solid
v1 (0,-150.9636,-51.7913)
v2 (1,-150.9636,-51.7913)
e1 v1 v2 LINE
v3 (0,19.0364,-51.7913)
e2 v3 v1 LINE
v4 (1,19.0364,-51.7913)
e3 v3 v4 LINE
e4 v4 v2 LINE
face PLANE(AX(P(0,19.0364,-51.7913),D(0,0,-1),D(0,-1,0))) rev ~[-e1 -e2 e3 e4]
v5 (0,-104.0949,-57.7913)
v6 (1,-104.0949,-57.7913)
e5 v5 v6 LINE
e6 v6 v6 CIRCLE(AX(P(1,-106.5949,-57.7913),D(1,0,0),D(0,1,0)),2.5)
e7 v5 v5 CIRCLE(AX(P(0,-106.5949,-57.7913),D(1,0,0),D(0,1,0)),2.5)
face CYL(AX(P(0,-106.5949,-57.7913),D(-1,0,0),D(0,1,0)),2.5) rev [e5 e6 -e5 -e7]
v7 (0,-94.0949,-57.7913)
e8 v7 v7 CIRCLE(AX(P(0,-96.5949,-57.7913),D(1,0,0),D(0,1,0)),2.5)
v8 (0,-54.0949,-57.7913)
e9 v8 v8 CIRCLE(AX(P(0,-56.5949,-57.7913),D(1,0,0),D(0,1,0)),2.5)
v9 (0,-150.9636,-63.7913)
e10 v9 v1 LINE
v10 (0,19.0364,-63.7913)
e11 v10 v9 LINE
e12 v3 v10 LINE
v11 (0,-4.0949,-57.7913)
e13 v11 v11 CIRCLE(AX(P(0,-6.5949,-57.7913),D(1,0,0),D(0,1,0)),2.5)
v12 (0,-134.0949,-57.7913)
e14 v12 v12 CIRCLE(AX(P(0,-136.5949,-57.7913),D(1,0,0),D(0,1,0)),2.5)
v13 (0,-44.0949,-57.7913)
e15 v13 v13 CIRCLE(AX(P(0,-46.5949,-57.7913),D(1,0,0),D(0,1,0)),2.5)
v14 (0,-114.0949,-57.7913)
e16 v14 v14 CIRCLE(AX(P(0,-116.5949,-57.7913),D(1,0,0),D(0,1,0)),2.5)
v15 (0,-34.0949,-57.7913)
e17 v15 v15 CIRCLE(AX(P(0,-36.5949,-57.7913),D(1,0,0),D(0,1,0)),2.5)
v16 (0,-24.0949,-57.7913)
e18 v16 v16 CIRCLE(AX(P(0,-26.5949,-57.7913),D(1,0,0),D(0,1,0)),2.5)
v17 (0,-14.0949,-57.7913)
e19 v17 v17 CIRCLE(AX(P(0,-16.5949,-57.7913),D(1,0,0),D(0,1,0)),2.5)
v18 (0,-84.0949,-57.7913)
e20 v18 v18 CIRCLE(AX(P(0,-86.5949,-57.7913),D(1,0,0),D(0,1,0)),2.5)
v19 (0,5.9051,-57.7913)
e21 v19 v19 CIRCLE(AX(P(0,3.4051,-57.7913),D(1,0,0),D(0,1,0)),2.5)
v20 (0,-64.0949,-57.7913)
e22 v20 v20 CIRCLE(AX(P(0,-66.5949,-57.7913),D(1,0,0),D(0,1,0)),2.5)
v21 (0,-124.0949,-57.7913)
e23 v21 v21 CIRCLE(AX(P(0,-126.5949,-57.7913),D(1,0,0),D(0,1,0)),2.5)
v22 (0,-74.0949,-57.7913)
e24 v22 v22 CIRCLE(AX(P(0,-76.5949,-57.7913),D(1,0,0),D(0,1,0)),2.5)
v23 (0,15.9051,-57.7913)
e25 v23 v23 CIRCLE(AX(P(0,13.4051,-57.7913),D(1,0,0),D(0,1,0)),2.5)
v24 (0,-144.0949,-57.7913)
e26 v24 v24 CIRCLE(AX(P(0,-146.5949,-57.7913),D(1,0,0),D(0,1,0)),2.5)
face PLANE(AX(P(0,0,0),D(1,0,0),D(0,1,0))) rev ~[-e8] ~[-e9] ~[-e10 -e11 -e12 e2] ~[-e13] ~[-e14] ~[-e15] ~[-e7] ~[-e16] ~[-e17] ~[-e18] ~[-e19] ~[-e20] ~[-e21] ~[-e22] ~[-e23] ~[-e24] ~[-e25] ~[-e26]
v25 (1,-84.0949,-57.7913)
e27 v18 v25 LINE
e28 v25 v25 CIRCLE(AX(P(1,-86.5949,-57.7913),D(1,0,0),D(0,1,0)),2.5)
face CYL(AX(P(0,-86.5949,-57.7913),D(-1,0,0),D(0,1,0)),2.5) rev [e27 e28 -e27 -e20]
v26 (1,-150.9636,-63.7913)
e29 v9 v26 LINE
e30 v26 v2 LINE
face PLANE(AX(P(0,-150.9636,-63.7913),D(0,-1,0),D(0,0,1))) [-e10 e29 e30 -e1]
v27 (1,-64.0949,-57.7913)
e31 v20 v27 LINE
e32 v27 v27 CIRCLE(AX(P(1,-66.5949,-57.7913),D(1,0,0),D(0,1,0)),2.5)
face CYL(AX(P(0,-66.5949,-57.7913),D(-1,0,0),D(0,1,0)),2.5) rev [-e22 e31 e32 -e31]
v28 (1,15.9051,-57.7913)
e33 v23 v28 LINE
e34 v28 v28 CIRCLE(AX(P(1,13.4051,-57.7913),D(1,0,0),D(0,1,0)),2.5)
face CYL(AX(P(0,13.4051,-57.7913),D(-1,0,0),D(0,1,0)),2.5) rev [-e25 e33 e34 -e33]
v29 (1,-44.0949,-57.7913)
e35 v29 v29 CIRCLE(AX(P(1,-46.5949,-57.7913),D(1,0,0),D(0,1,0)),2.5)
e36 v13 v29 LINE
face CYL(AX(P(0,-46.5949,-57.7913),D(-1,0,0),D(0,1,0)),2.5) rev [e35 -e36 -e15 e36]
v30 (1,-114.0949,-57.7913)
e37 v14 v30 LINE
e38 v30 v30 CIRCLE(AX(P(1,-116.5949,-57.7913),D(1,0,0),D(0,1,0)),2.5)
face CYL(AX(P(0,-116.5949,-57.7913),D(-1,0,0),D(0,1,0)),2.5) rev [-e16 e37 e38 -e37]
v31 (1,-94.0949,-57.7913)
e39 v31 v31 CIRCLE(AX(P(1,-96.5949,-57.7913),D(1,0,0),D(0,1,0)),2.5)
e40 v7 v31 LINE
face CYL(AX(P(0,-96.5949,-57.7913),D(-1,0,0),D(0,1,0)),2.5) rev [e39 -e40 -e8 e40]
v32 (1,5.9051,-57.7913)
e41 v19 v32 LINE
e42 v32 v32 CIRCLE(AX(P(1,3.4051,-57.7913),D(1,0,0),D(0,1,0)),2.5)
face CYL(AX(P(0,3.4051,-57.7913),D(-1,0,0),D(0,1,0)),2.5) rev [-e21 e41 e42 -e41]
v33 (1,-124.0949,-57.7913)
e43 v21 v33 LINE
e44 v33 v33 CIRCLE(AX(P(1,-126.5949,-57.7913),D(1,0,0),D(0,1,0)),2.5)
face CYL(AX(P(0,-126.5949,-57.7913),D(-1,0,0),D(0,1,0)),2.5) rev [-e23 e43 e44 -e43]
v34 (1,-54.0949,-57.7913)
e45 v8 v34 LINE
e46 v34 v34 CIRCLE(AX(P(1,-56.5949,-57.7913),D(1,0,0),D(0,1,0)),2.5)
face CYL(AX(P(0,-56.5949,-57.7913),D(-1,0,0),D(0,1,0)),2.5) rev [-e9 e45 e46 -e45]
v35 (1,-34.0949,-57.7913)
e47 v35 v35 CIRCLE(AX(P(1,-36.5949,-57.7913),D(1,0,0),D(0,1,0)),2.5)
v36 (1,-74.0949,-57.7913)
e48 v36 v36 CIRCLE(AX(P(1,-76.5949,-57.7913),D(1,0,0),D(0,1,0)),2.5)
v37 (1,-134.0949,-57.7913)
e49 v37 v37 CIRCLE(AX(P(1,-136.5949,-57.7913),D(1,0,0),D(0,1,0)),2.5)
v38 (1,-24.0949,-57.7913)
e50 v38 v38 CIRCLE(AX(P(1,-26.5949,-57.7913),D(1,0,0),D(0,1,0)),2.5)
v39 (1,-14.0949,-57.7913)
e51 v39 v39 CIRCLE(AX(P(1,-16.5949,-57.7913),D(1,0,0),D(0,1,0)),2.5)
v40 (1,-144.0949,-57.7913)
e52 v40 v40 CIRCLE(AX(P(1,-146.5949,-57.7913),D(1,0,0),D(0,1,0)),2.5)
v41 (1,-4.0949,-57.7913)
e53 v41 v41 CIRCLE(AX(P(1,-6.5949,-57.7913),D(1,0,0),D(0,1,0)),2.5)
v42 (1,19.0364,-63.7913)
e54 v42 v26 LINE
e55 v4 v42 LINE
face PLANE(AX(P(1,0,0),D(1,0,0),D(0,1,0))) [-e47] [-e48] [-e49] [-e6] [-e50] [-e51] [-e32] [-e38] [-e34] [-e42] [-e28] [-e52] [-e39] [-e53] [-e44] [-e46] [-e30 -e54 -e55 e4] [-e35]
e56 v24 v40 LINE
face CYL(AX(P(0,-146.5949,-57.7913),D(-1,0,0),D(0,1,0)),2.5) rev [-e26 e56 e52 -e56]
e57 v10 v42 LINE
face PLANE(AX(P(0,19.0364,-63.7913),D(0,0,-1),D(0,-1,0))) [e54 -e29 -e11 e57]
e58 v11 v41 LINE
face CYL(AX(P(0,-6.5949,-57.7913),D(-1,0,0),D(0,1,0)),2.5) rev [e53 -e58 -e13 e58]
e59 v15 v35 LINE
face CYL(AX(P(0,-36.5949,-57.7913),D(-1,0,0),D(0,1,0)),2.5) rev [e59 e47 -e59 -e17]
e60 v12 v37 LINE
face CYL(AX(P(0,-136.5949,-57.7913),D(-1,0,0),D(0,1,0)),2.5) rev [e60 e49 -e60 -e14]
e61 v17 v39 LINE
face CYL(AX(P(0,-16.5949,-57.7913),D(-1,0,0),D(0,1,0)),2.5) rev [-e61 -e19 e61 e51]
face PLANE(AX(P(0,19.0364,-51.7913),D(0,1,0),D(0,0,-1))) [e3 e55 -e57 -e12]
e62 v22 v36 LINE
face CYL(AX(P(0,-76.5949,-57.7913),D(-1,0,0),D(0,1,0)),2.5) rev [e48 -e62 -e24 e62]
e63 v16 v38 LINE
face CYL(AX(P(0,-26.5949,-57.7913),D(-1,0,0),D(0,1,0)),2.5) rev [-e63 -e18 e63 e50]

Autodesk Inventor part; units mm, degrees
ref_plane "YZ Plane" through (0, 0, 0) normal (1, 0, 0) x (0, 1, 0)
ref_plane "XZ Plane" through (0, 0, 0) normal (0, 1, 0) x (-1, 0, 0)
ref_plane "XY Plane" through (0, 0, 0) normal (0, 0, 1) x (1, 0, 0)
sketch "Esboço1" plane through (0, 0, 0) normal (1, 0, 0) x (0, 1, 0)
  line L0 (19.0364, -63.7913) -> (-150.9636, -63.7913)
  line L1 (-150.9636, -63.7913) -> (-150.9636, -51.7913)
  line L2 (19.0364, -51.7913) -> (19.0364, -63.7913)
  circle A0 centre (-146.5949, -57.7913) radius 2.5
  line L3 (19.0364, -51.7913) -> (-150.9636, -51.7913)
  circle A1 centre (-136.5949, -57.7913) radius 2.5
  circle A2 centre (-126.5949, -57.7913) radius 2.5
  circle A3 centre (-116.5949, -57.7913) radius 2.5
  circle A4 centre (-106.5949, -57.7913) radius 2.5
  circle A5 centre (-96.5949, -57.7913) radius 2.5
  circle A6 centre (-86.5949, -57.7913) radius 2.5
  circle A7 centre (-76.5949, -57.7913) radius 2.5
  circle A8 centre (-66.5949, -57.7913) radius 2.5
  circle A9 centre (-56.5949, -57.7913) radius 2.5
  circle A10 centre (-46.5949, -57.7913) radius 2.5
  circle A11 centre (-36.5949, -57.7913) radius 2.5
  circle A12 centre (-26.5949, -57.7913) radius 2.5
  circle A13 centre (-16.5949, -57.7913) radius 2.5
  circle A14 centre (-6.5949, -57.7913) radius 2.5
  circle A15 centre (3.4051, -57.7913) radius 2.5
  circle A16 centre (13.4051, -57.7913) radius 2.5
  point P0 (0, 0)
  dimension "d2" = 12
  dimension "d3" = 170
  dimension "d4" = 5
  dimension "d10" = 10
extrude "Extrusão1" add sketch "Esboço1" along normal blind 1
properties part number "aste2"
